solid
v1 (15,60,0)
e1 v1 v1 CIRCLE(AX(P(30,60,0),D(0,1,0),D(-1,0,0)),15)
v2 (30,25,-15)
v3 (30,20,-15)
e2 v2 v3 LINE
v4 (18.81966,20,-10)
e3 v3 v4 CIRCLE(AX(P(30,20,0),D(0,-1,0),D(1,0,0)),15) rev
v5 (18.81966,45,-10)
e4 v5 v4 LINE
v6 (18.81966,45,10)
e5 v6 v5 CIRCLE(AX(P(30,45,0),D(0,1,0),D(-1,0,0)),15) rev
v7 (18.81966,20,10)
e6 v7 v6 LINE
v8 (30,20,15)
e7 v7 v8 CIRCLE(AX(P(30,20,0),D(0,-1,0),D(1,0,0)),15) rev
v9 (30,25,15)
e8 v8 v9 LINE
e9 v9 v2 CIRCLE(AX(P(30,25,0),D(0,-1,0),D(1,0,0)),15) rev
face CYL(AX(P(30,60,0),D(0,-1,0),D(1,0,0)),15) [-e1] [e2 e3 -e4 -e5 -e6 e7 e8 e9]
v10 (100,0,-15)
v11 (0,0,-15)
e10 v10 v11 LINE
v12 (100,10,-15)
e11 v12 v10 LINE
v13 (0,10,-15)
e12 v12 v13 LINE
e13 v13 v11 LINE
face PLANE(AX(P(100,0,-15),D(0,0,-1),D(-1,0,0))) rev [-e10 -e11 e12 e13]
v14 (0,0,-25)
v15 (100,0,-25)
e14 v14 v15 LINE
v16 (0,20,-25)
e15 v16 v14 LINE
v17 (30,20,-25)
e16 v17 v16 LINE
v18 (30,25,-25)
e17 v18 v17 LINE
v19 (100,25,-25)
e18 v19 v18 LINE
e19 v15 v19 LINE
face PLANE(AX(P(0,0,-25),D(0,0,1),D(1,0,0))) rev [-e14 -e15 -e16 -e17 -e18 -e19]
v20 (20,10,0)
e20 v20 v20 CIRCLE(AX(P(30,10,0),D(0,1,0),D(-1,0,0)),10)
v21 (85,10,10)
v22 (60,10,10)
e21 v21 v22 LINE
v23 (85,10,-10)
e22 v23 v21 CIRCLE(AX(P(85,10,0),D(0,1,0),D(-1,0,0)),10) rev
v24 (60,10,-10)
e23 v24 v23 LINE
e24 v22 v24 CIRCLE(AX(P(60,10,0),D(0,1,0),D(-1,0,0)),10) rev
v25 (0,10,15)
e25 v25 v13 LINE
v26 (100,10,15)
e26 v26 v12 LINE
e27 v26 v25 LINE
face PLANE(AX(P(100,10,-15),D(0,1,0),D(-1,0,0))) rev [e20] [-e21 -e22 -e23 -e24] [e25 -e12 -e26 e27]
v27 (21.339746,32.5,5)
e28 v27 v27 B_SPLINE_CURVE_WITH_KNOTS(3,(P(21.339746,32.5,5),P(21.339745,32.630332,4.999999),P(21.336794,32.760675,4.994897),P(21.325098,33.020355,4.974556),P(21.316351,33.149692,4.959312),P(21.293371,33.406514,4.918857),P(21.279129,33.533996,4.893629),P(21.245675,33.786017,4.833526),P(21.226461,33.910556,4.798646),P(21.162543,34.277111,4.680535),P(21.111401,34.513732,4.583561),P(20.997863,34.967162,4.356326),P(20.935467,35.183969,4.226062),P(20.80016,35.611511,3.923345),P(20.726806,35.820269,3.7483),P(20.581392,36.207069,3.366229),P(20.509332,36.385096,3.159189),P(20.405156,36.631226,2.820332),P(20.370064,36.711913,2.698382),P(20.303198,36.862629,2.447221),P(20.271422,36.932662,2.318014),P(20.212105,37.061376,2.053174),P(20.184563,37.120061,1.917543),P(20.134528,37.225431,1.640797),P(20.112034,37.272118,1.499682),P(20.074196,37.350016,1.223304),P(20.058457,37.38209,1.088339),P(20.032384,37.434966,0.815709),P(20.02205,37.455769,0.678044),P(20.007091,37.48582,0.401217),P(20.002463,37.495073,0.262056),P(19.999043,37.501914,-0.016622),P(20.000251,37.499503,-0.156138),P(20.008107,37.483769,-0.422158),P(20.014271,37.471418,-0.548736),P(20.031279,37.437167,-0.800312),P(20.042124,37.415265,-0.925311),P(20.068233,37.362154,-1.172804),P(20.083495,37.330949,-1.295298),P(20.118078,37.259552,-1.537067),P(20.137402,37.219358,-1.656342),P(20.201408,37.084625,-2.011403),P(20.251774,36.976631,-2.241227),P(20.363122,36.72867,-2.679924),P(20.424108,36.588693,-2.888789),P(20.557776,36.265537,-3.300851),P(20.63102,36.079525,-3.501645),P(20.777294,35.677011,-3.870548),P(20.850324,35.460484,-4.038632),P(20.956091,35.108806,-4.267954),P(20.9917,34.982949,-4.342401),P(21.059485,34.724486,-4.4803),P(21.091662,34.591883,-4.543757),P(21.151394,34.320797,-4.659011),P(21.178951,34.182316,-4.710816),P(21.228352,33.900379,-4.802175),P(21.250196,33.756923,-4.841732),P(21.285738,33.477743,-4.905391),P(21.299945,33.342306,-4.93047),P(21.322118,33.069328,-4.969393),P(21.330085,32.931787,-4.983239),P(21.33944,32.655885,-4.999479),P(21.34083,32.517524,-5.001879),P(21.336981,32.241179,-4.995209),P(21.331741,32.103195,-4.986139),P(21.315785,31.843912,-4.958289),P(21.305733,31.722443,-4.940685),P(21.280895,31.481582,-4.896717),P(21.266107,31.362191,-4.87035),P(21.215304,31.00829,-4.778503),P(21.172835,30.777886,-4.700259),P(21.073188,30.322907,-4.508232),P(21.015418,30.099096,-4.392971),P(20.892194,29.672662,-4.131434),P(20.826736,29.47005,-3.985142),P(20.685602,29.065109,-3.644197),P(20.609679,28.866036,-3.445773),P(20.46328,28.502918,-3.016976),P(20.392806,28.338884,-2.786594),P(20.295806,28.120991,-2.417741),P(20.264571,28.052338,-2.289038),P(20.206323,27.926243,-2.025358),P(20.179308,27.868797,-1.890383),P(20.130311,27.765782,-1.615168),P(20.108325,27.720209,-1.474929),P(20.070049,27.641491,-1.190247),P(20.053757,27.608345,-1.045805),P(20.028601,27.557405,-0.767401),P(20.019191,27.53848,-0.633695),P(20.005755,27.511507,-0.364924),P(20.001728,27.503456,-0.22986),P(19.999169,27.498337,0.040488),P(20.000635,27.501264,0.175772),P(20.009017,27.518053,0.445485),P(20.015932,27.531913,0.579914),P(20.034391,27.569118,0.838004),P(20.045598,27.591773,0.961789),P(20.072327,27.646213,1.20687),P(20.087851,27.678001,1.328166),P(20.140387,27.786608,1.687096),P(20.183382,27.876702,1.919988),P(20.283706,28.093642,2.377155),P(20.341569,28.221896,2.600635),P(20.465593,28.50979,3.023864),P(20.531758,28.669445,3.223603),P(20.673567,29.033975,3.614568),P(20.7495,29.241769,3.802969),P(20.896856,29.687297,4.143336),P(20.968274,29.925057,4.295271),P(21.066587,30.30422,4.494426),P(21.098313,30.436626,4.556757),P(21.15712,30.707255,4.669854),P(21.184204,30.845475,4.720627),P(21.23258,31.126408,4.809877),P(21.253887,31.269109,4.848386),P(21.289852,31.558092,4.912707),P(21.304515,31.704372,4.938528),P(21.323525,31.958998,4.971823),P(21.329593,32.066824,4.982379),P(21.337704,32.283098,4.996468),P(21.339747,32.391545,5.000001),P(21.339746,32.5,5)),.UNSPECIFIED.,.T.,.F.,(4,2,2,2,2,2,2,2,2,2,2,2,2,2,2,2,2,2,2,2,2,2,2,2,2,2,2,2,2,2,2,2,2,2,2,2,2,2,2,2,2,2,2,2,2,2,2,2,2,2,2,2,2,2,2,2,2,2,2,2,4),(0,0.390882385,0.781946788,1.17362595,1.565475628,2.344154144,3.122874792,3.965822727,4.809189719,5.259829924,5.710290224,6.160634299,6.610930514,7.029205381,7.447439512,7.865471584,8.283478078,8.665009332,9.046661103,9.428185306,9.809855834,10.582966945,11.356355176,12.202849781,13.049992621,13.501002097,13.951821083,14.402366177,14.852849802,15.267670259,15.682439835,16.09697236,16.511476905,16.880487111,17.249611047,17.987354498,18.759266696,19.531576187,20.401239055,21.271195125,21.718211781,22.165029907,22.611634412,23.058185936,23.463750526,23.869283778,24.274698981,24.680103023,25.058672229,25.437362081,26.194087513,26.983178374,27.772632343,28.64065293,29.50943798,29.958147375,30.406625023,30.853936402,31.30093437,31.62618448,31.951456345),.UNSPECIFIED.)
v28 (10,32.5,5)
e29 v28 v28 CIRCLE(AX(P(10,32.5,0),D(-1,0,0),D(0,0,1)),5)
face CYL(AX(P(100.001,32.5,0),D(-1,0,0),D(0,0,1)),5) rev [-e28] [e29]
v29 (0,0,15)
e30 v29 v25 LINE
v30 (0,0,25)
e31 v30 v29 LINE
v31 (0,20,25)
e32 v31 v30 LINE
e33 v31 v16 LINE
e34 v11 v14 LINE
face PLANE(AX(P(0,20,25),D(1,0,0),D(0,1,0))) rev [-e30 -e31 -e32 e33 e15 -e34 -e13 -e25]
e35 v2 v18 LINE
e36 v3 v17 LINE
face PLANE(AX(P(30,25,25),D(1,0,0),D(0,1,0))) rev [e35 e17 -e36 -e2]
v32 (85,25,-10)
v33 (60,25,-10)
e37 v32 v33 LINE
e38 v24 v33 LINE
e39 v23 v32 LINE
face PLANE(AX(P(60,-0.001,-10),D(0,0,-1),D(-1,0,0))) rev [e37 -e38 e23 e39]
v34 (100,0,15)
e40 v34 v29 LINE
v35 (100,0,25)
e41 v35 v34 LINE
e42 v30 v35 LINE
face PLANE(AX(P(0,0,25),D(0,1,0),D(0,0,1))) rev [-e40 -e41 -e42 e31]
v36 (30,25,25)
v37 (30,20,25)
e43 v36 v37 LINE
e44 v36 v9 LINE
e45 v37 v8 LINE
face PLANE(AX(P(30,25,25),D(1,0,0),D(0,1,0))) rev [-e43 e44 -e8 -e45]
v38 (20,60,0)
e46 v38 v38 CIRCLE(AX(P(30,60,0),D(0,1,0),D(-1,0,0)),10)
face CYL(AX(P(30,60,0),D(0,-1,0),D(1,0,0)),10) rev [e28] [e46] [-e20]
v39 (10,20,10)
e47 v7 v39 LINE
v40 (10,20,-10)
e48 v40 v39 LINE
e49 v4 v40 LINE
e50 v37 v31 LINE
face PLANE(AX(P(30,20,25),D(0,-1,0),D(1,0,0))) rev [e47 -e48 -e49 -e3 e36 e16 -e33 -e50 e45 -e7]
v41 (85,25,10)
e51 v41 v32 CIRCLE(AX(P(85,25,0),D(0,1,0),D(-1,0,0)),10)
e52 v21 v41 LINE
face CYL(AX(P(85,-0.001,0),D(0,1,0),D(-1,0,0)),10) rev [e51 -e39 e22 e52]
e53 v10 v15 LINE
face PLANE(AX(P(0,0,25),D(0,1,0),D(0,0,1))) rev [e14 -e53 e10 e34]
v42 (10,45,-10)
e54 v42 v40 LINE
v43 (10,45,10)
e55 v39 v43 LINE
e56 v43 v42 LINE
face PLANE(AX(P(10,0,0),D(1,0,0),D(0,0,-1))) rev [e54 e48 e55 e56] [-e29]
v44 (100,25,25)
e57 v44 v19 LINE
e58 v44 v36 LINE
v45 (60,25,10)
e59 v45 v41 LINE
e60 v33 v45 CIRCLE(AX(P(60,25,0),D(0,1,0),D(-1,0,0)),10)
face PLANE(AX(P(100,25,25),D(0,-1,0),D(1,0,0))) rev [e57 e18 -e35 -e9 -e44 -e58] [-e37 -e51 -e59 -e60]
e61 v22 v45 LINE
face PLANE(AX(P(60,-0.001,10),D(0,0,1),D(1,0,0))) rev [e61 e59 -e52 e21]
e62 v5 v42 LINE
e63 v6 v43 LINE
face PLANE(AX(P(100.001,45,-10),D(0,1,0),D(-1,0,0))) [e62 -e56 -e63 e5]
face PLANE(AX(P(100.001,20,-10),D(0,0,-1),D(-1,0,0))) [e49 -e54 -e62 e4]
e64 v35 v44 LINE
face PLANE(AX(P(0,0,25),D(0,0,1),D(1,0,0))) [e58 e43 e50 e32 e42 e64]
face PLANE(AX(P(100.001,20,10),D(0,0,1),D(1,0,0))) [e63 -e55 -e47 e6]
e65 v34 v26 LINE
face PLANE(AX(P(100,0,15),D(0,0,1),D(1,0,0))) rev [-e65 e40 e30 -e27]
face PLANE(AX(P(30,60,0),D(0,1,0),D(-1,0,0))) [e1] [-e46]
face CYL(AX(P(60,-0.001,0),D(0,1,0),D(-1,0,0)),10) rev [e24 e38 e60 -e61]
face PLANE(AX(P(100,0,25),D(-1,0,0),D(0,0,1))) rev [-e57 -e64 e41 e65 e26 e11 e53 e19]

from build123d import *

# Parameters (mm, degrees)
BOSS_EXTRUDE1_DEPTH             = 25
SKETCH2_W                       = 30
SKETCH2_H                       = 10
CUT_EXTRUDE1_DEPTH              = 107.066017178
BOSS_EXTRUDE2_REACH             = 108.066
SKETCH3_R                       = 15
SKETCH3_R_2                     = 10
BOSS_EXTRUDE2_DIRECTION_2_DEPTH = 35
CUT_EXTRUDE2_DEPTH              = 109.857705285
BOSS_EXTRUDE3_REACH             = 113.018
BOSS_EXTRUDE3_END_RADIUS        = 15
SKETCH4_W                       = 20
SKETCH4_H                       = 25
CUT_EXTRUDE3_REACH              = 113.018
CUT_EXTRUDE3_END_RADIUS         = 10
SKETCH5_R                       = 5
CUT_EXTRUDE4_REACH              = 110.858


with BuildPart() as part:
    # Sketch1 → Boss-Extrude1 (new, symmetric)
    with BuildSketch(Plane.XY):
        Polygon((0, 0), (100, 0), (100, 25), (30, 25), (30, 20), (0, 20), align=None)
    extrude(amount=BOSS_EXTRUDE1_DEPTH, both=True)

    # Sketch2 → Cut-Extrude1 (cut, through all)
    with BuildSketch(Plane.ZY):
        with Locations((0, 5)):
            Rectangle(SKETCH2_W, SKETCH2_H)
    extrude(amount=-CUT_EXTRUDE1_DEPTH, mode=Mode.SUBTRACT)

    # Boss-Extrude2: up to this face of the body (flat: up to its plane)
    boss_extrude2_end = Plane(part.part.faces().sort_by_distance((15, 20, 0))[0])
    # Sketch3 → Boss-Extrude2 (add, up to the picked face)
    with BuildSketch(Plane(origin=(0, 25, 0), x_dir=(1, 0, 0), z_dir=(0, 1, 0)), mode=Mode.PRIVATE) as boss_extrude2_sk1:
        with Locations(Location((30, 0, 0), (0, 0, 270))):
            Circle(SKETCH3_R)
        with Locations(Location((30, 0, 0), (0, 0, 90))):
            Circle(SKETCH3_R_2, mode=Mode.SUBTRACT)
    boss_extrude2_tool1 = split(extrude(boss_extrude2_sk1.sketch, amount=-BOSS_EXTRUDE2_REACH, mode=Mode.PRIVATE), bisect_by=boss_extrude2_end, keep=Keep.BOTH, mode=Mode.PRIVATE)
    add(boss_extrude2_tool1.solids().sort_by(Axis((30, 25, -14.575736), (0, -1, 0)))[0])

    # Sketch3 → Boss-Extrude2 direction 2 (add)
    with BuildSketch(Plane(origin=(0, 25, 0), x_dir=(1, 0, 0), z_dir=(0, 1, 0))):
        with Locations(Location((30, 0, 0), (0, 0, 270))):
            Circle(SKETCH3_R)
        with Locations(Location((30, 0, 0), (0, 0, 90))):
            Circle(SKETCH3_R_2, mode=Mode.SUBTRACT)
    extrude(amount=BOSS_EXTRUDE2_DIRECTION_2_DEPTH)

    # Sketch3<2> → Cut-Extrude2 (cut, through all)
    with BuildSketch(Plane(origin=(0, 25, 0), x_dir=(1, 0, 0), z_dir=(0, 1, 0))):
        with BuildLine():
            Line((30, -10), (30, 10))
            ThreePointArc((30, 10), (20, 0), (30, -10))
        make_face()
        with BuildLine():
            ThreePointArc((40, 0), (37.071067812, 7.071067812), (30, 10))
            Line((30, 10), (30, -10))
            ThreePointArc((30, -10), (37.071067812, -7.071067812), (40, 0))
        make_face()
    extrude(amount=-CUT_EXTRUDE2_DEPTH, mode=Mode.SUBTRACT)

    # Boss-Extrude3: up to this cylinder (the profile starts outside it)
    boss_extrude3_end = Plane(origin=(30, 32.5, 0), z_dir=(0, -1, 0)) * Cylinder(BOSS_EXTRUDE3_END_RADIUS, 257.036, mode=Mode.PRIVATE)
    # Sketch4 → Boss-Extrude3 (add, up to the surface)
    with BuildSketch(Plane.ZY.offset(-10), mode=Mode.PRIVATE) as boss_extrude3_sk1:
        with Locations((0, 32.5)):
            Rectangle(SKETCH4_W, SKETCH4_H)
    boss_extrude3_tool1 = extrude(boss_extrude3_sk1.sketch, amount=-BOSS_EXTRUDE3_REACH, mode=Mode.PRIVATE) - boss_extrude3_end
    add(boss_extrude3_tool1.solids().sort_by_distance((10, 32.5, 0))[0])

    # Cut-Extrude3: up to this cylinder (the profile starts outside it)
    cut_extrude3_end = Plane(origin=(30, 32.5, 0), z_dir=(0, -1, 0)) * Cylinder(CUT_EXTRUDE3_END_RADIUS, 247.036, mode=Mode.PRIVATE)
    # Sketch5 → Cut-Extrude3 (cut, up to the surface)
    with BuildSketch(Plane.ZY.offset(-10), mode=Mode.PRIVATE) as cut_extrude3_sk1:
        with Locations((0, 32.5)):
            Circle(SKETCH5_R)
    cut_extrude3_tool1 = extrude(cut_extrude3_sk1.sketch, amount=-CUT_EXTRUDE3_REACH, mode=Mode.PRIVATE) - cut_extrude3_end
    add(cut_extrude3_tool1.solids().sort_by_distance((10, 32.5, 0))[0], mode=Mode.SUBTRACT)

    # Sketch6 → Cut-Extrude4 (cut, up to next)
    with BuildSketch(Plane(origin=(0, 25, 0), x_dir=(1, 0, 0), z_dir=(0, 1, 0)), mode=Mode.PRIVATE) as cut_extrude4_sk1:
        with BuildLine():
            Line((60, 10), (85, 10))
            ThreePointArc((85, 10), (95, 0), (85, -10))
            Line((85, -10), (60, -10))
            ThreePointArc((60, -10), (50, 0), (60, 10))
        make_face()
    cut_extrude4_tool1 = extrude(cut_extrude4_sk1.sketch, amount=-CUT_EXTRUDE4_REACH, mode=Mode.PRIVATE) & part.part
    add(cut_extrude4_tool1.solids().sort_by_distance((72.5, 25, 0))[0], mode=Mode.SUBTRACT)


solid = part.part
